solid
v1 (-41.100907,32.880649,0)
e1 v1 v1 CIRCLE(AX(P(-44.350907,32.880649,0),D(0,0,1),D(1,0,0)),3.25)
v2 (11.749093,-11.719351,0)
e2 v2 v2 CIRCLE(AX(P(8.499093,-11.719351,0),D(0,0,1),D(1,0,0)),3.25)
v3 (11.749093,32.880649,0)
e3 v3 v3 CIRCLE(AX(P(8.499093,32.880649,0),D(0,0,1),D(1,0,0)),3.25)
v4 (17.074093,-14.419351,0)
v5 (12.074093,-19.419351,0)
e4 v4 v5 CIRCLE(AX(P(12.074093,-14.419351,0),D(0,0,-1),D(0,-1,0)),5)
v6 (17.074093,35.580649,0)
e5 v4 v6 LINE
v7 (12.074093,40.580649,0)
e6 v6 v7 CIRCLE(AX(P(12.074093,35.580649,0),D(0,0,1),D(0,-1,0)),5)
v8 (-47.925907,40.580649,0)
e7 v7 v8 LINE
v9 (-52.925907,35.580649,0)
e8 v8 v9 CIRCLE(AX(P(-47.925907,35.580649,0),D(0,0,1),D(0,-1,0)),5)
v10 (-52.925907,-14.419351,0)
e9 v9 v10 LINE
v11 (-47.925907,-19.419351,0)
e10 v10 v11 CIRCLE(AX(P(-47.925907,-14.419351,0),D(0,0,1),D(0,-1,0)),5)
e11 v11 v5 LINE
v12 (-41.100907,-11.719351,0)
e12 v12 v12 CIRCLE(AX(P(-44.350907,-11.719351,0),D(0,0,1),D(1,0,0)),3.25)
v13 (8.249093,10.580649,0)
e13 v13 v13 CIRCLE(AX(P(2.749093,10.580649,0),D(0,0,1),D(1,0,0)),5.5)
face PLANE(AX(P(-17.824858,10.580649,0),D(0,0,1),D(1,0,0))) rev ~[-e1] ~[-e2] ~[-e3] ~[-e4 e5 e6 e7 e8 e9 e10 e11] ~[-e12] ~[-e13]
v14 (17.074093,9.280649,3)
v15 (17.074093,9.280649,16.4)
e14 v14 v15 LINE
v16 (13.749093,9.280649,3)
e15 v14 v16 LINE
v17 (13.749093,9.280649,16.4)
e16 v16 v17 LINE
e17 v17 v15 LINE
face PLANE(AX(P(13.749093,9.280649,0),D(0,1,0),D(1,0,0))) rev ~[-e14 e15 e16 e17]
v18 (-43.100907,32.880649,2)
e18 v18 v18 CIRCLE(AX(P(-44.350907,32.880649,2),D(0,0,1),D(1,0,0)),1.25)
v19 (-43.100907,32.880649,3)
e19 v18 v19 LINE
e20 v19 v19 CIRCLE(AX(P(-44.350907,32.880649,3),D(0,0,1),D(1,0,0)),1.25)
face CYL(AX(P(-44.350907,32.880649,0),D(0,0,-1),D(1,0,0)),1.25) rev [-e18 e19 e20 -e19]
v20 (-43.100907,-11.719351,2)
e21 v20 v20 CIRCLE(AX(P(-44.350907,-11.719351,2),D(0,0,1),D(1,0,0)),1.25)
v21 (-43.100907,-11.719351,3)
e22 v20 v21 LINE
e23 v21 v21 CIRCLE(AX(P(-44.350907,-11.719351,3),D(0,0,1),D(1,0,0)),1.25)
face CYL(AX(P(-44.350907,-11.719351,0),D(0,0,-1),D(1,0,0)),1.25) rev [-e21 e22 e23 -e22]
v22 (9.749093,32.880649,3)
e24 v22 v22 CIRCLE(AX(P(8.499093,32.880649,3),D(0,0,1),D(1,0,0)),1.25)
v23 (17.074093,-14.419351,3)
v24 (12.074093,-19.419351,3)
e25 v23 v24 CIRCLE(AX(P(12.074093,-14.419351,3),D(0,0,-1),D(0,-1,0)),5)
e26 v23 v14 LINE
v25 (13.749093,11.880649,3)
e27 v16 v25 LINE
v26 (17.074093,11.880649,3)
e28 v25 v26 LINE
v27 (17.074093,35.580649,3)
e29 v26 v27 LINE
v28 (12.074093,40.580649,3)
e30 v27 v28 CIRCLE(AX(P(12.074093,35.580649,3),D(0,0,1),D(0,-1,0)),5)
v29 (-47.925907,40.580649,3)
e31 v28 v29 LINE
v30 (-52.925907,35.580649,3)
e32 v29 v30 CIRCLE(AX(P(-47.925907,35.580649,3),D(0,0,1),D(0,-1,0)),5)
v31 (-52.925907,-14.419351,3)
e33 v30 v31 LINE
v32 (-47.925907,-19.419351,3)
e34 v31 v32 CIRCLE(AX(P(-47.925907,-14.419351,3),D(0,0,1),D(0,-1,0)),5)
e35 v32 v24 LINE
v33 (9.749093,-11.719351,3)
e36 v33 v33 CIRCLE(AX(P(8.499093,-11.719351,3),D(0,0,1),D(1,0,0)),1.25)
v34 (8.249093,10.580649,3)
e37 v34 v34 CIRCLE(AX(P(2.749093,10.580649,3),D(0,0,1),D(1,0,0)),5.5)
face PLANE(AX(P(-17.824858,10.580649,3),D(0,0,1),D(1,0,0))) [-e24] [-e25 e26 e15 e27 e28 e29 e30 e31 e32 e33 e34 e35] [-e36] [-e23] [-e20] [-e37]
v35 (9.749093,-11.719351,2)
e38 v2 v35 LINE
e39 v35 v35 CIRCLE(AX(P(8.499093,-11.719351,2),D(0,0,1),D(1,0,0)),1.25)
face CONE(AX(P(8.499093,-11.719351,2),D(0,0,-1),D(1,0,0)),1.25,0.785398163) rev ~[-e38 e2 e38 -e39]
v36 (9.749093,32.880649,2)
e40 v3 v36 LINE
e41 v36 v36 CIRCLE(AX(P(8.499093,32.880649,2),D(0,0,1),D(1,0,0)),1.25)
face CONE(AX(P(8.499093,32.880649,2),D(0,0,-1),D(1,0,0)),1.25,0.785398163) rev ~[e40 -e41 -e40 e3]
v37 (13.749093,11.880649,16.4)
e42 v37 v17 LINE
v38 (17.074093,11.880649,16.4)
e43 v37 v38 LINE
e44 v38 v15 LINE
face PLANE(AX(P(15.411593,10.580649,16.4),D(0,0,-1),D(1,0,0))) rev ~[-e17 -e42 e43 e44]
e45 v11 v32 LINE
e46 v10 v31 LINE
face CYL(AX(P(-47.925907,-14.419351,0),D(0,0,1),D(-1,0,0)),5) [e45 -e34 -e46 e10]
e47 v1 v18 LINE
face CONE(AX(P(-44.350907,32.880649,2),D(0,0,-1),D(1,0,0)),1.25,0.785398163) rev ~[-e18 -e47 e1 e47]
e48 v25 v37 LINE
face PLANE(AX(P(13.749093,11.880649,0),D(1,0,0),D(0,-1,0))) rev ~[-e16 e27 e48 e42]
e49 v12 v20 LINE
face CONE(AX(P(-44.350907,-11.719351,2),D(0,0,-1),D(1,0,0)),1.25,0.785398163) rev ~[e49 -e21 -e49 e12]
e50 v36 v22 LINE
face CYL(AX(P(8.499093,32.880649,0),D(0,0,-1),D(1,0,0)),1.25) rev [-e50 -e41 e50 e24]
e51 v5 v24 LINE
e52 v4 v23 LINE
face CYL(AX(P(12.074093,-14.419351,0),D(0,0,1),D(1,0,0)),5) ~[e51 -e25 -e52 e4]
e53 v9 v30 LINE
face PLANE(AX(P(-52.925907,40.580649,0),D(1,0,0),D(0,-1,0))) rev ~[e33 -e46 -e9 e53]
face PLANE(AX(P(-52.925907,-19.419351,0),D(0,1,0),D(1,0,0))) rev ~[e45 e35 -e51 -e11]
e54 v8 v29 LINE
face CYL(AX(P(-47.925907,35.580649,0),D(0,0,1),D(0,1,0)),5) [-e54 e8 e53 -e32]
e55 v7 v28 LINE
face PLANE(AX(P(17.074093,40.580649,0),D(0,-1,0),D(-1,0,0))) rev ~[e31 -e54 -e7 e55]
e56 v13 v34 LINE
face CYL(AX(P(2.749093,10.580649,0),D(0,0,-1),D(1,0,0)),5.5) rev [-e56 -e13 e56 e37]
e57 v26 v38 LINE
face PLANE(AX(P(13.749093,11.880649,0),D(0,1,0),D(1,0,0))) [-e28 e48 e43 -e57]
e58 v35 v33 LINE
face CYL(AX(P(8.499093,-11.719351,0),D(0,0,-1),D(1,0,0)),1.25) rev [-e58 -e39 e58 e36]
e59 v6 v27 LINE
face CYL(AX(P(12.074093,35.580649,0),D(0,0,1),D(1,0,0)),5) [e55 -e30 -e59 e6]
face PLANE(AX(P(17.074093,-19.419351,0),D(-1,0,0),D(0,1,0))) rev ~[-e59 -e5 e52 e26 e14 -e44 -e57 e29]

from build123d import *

# Parameters (mm, degrees)
F0_R     = 1.25
F0_R_2   = 5.5
F1_DEPTH = 3
F2_W     = 3.325
F2_H     = 2.6
F3_DEPTH = 16.4
F4_SIZE  = 2
F5_R     = 5


with BuildPart() as f1:
    # F0 (on Top) → F1 (new body)
    with BuildSketch(Plane.XY):
        with BuildLine():
            Line((17.074093, -19.419351), (17.074093, 9.280649))
            Line((17.074093, 9.280649), (13.749093, 9.280649))
            Line((13.749093, 9.280649), (13.749093, -4.019351))
            Line((13.749093, -4.019351), (3.249093, -4.019351))
            Line((3.249093, -4.019351), (3.249093, -5.947351))
            ThreePointArc((3.249093, -5.947351), (-0.850907, -10.047351), (-4.950907, -5.947351))
            Line((-4.950907, -5.947351), (-4.950907, -4.019351))
            Line((-4.950907, -4.019351), (-30.900907, -4.019351))
            Line((-30.900907, -4.019351), (-30.900907, -5.947351))
            ThreePointArc((-30.900907, -5.947351), (-35.000907, -10.047351), (-39.100907, -5.947351))
            Line((-39.100907, -5.947351), (-39.100907, -4.019351))
            Line((-39.100907, -4.019351), (-49.600907, -4.019351))
            Line((-49.600907, -4.019351), (-49.600907, 25.180649))
            Line((-49.600907, 25.180649), (-39.100907, 25.180649))
            Line((-39.100907, 25.180649), (-39.100907, 27.108649))
            ThreePointArc((-39.100907, 27.108649), (-35.000907, 31.208649), (-30.900907, 27.108649))
            Line((-30.900907, 27.108649), (-30.900907, 25.180649))
            Line((-30.900907, 25.180649), (-4.950907, 25.180649))
            Line((-4.950907, 25.180649), (-4.950907, 27.108649))
            ThreePointArc((-4.950907, 27.108649), (-0.850907, 31.208649), (3.249093, 27.108649))
            Line((3.249093, 27.108649), (3.249093, 25.180649))
            Line((3.249093, 25.180649), (13.749093, 25.180649))
            Line((13.749093, 25.180649), (13.749093, 11.880649))
            Line((13.749093, 11.880649), (17.074093, 11.880649))
            Line((17.074093, 11.880649), (17.074093, 40.580649))
            Line((17.074093, 40.580649), (-52.925907, 40.580649))
            Line((-52.925907, 40.580649), (-52.925907, -19.419351))
            Line((-52.925907, -19.419351), (17.074093, -19.419351))
        make_face()
        with Locations((-44.350907, -11.719351)):
            Circle(F0_R, mode=Mode.SUBTRACT)
        with Locations((8.499093, -11.719351)):
            Circle(F0_R, mode=Mode.SUBTRACT)
        with Locations((-44.350907, 32.880649)):
            Circle(F0_R, mode=Mode.SUBTRACT)
        with Locations((8.499093, 32.880649)):
            Circle(F0_R, mode=Mode.SUBTRACT)
        with BuildLine():
            Line((13.749093, -4.019351), (13.749093, 9.280649))
            Line((13.749093, 9.280649), (13.749093, 11.880649))
            Line((13.749093, 11.880649), (13.749093, 25.180649))
            Line((13.749093, 25.180649), (3.249093, 25.180649))
            Line((3.249093, 25.180649), (3.249093, 27.108649))
            ThreePointArc((3.249093, 27.108649), (-0.850907, 31.208649), (-4.950907, 27.108649))
            Line((-4.950907, 27.108649), (-4.950907, 25.180649))
            Line((-4.950907, 25.180649), (-30.900907, 25.180649))
            Line((-30.900907, 25.180649), (-30.900907, 27.108649))
            ThreePointArc((-30.900907, 27.108649), (-35.000907, 31.208649), (-39.100907, 27.108649))
            Line((-39.100907, 27.108649), (-39.100907, 25.180649))
            Line((-39.100907, 25.180649), (-49.600907, 25.180649))
            Line((-49.600907, 25.180649), (-49.600907, -4.019351))
            Line((-49.600907, -4.019351), (-39.100907, -4.019351))
            Line((-39.100907, -4.019351), (-39.100907, -5.947351))
            ThreePointArc((-39.100907, -5.947351), (-35.000907, -10.047351), (-30.900907, -5.947351))
            Line((-30.900907, -5.947351), (-30.900907, -4.019351))
            Line((-30.900907, -4.019351), (-4.950907, -4.019351))
            Line((-4.950907, -4.019351), (-4.950907, -5.947351))
            ThreePointArc((-4.950907, -5.947351), (-0.850907, -10.047351), (3.249093, -5.947351))
            Line((3.249093, -5.947351), (3.249093, -4.019351))
            Line((3.249093, -4.019351), (13.749093, -4.019351))
        make_face()
        with Locations((2.749093, 10.580649)):
            Circle(F0_R_2, mode=Mode.SUBTRACT)
    extrude(amount=F1_DEPTH)

    # F2 (on face) → F3 (join)
    with BuildSketch(Plane(origin=(0, 0, 0), x_dir=(1, 0, 0), z_dir=(0, 0, -1))):
        with Locations((15.411593, -10.580649)):
            Rectangle(F2_W, F2_H)
    extrude(amount=-F3_DEPTH)

    # F4
    f4_edges = [f1.edges().sort_by_distance(p)[0] for p in [
        (-45.600907, -11.719351, 0),
        (-45.600907, 32.880649, 0),
        (7.249093, 32.880649, 0),
        (7.249093, -11.719351, 0),
    ]]
    chamfer(f4_edges, length=F4_SIZE)

    # F5
    f5_edges = [f1.edges().sort_by_distance(p)[0] for p in [
        (-52.925907, -19.419351, 1.5),
        (17.074093, -19.419351, 1.5),
        (17.074093, 40.580649, 1.5),
        (-52.925907, 40.580649, 1.5),
    ]]
    fillet(f5_edges, radius=F5_R)


solid = f1.part
